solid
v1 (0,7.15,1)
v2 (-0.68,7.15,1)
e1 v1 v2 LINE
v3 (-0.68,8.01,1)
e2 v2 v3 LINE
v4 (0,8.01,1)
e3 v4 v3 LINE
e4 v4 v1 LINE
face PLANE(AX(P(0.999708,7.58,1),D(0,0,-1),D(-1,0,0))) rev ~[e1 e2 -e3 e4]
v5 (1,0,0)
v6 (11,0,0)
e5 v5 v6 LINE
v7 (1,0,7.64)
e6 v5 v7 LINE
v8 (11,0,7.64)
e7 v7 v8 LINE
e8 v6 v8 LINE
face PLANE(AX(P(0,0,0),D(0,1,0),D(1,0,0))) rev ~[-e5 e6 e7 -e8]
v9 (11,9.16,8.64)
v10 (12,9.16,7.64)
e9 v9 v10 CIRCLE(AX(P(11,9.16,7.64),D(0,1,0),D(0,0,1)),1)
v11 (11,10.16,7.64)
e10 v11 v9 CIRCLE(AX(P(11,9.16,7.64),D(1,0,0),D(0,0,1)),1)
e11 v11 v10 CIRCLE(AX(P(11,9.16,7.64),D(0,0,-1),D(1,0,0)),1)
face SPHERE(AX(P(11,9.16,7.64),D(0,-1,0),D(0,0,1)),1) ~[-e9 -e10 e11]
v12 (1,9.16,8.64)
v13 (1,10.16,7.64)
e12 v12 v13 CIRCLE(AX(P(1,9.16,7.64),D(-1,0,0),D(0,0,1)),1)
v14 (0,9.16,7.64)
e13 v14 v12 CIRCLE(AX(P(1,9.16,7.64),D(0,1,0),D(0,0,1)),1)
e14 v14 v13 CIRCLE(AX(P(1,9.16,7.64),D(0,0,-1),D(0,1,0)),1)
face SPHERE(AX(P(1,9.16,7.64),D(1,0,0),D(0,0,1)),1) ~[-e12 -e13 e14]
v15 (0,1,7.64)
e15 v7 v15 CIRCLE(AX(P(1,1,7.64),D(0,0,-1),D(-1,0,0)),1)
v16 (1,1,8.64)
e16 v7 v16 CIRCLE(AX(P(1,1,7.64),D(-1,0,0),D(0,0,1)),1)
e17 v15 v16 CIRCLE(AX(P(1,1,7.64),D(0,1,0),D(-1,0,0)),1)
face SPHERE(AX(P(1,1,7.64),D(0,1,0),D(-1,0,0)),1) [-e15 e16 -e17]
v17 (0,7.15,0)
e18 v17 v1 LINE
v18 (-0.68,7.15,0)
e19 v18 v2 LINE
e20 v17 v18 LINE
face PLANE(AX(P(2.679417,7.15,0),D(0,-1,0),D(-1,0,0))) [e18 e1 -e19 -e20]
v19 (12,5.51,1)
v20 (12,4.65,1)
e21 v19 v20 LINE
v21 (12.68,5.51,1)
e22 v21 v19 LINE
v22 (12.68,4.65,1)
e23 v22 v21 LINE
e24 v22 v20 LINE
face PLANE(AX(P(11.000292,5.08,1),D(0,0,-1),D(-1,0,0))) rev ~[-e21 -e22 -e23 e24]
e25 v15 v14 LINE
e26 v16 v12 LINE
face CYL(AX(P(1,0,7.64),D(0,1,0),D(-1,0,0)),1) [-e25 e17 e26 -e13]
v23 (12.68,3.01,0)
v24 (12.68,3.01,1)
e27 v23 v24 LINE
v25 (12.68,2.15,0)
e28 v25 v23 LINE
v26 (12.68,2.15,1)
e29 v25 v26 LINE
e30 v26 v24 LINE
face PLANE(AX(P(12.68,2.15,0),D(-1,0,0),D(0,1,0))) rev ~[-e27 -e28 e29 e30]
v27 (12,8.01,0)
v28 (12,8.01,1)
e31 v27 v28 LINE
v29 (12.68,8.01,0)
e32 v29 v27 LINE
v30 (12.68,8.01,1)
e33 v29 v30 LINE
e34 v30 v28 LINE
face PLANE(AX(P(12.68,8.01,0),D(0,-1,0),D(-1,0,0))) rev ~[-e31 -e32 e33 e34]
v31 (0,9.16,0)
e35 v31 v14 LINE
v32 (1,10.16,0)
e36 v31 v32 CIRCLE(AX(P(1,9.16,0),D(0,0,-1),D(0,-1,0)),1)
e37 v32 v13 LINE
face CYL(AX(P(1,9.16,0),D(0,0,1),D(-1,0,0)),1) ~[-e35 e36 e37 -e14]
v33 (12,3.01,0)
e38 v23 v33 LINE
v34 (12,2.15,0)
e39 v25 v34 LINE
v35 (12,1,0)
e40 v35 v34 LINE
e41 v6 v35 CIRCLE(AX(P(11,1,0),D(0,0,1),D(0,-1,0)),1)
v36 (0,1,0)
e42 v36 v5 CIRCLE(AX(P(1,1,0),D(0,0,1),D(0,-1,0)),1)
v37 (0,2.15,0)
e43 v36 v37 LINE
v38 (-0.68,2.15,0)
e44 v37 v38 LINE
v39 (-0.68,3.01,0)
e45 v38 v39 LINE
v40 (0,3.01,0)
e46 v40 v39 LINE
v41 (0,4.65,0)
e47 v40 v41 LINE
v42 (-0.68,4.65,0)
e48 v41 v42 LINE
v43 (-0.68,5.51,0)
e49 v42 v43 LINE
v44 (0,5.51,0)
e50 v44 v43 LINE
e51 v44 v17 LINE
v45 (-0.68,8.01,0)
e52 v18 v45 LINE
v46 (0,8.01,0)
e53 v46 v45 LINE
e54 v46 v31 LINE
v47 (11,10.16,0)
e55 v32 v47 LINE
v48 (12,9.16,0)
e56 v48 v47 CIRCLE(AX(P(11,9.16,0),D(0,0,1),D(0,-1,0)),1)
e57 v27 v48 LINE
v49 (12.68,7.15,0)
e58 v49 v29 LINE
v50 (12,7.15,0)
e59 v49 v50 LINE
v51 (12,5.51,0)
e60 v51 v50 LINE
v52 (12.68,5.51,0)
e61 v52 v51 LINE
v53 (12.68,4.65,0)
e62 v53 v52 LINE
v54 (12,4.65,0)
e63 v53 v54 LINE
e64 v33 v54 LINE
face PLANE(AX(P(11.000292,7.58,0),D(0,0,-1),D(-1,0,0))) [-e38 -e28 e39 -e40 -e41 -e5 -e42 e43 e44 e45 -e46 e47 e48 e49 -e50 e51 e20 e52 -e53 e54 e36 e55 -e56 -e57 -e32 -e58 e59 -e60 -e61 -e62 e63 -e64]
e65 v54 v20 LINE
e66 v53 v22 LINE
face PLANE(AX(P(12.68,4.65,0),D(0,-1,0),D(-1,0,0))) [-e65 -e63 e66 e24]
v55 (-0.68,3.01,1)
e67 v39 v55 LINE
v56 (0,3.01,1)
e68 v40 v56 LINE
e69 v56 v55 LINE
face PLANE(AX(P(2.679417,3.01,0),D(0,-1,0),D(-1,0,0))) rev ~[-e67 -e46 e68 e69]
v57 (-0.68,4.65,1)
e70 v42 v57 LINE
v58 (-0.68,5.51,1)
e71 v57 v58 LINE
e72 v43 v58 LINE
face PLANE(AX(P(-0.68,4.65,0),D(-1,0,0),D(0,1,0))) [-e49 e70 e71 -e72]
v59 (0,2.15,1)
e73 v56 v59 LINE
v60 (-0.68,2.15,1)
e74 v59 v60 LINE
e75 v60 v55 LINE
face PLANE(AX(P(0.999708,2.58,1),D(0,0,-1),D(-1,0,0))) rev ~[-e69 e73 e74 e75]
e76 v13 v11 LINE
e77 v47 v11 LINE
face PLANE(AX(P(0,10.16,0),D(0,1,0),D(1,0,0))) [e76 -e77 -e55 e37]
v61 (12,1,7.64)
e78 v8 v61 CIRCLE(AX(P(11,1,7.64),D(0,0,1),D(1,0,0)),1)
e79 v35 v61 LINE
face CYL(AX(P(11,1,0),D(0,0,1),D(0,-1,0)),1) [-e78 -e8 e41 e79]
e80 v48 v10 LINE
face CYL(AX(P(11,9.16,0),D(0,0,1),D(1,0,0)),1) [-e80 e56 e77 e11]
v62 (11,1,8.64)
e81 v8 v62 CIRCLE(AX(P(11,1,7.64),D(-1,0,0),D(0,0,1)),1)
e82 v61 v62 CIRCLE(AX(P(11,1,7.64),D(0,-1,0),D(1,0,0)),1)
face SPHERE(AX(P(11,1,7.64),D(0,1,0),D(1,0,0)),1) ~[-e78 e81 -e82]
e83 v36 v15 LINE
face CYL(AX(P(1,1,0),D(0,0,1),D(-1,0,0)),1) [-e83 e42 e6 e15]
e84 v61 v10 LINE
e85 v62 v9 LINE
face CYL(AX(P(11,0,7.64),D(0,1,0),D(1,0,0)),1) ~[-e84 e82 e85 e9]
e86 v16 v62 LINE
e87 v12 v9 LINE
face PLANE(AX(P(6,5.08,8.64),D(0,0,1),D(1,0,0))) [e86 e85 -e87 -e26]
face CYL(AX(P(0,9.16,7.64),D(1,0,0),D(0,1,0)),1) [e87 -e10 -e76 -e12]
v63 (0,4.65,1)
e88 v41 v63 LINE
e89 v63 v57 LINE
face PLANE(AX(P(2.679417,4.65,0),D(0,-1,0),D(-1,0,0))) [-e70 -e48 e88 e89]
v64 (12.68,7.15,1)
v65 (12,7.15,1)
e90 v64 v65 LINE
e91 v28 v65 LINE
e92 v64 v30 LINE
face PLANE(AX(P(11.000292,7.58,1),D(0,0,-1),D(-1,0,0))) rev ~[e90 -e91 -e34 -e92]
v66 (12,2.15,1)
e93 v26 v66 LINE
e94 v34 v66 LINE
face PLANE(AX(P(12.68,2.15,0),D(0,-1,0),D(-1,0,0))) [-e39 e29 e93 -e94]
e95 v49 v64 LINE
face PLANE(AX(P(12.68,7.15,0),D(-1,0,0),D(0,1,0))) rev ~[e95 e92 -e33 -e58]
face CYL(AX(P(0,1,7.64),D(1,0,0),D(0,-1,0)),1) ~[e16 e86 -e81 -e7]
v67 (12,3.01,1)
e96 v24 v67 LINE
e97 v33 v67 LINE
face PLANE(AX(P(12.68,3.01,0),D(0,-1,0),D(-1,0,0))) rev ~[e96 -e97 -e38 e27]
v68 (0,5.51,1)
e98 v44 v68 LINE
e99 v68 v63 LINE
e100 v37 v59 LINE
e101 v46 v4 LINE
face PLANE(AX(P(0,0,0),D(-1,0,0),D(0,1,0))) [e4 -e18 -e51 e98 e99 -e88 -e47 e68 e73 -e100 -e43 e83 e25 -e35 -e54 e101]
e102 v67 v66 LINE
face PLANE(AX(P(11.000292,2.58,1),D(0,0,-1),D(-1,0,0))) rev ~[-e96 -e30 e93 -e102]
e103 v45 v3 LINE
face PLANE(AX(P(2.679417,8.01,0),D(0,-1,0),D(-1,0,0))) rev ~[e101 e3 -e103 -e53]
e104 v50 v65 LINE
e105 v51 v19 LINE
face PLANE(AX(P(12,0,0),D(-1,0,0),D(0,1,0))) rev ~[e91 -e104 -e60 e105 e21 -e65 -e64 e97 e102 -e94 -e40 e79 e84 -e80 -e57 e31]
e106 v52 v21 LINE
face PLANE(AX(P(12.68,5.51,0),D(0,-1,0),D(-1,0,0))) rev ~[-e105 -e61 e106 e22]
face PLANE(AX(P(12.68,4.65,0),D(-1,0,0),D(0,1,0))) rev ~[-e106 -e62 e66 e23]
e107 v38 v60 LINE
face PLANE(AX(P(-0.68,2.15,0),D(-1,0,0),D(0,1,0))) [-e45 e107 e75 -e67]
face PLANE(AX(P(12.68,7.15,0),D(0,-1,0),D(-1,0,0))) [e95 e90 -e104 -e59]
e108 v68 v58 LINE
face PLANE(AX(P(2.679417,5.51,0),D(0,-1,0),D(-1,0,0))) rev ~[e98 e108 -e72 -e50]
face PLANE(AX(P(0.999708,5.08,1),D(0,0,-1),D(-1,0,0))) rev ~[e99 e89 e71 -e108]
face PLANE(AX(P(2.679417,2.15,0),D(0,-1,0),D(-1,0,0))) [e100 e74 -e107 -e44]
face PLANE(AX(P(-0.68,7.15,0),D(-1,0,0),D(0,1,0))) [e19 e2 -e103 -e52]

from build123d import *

# Parameters (mm, degrees)
SKETCH1_W           = 12
SKETCH1_H           = 10.16
BOSS_EXTRUDE1_DEPTH = 8.64
FILLET1_R           = 1
SKETCH2_W           = 3.359416773
SKETCH2_H           = 0.86
BOSS_EXTRUDE2_DEPTH = 1


with BuildPart() as part:
    # Sketch1 → Boss-Extrude1 (new body)
    with BuildSketch(Plane.XY):
        with Locations((6, 5.08)):
            Rectangle(SKETCH1_W, SKETCH1_H)
    extrude(amount=BOSS_EXTRUDE1_DEPTH)

    # Fillet1
    fillet1_edges = [part.edges().sort_by_distance(p)[0] for p in [
        (12, 5.08, 8.64),
        (6, 10.16, 8.64),
        (0, 5.08, 8.64),
        (0, 10.16, 4.32),
        (12, 10.16, 4.32),
        (12, 0, 4.32),
        (0, 0, 4.32),
        (6, 0, 8.64),
    ]]
    fillet(fillet1_edges, radius=FILLET1_R)

    # Sketch2 → Boss-Extrude2 (add)
    with BuildSketch(Plane(origin=(0, 0, 0), x_dir=(-1, 0, 0), z_dir=(0, 0, -1))):
        with Locations((-11.000291613, 7.58)):
            Rectangle(SKETCH2_W, SKETCH2_H)
        with Locations((-11.000291613, 5.08)):
            Rectangle(SKETCH2_W, SKETCH2_H)
        with Locations((-11.000291613, 2.58)):
            Rectangle(SKETCH2_W, SKETCH2_H)
        with Locations((-0.999708387, 7.58)):
            Rectangle(SKETCH2_W, SKETCH2_H)
        with Locations((-0.999708387, 5.08)):
            Rectangle(SKETCH2_W, SKETCH2_H)
        with Locations((-0.999708387, 2.58)):
            Rectangle(SKETCH2_W, SKETCH2_H)
    extrude(amount=-BOSS_EXTRUDE2_DEPTH)


solid = part.part
